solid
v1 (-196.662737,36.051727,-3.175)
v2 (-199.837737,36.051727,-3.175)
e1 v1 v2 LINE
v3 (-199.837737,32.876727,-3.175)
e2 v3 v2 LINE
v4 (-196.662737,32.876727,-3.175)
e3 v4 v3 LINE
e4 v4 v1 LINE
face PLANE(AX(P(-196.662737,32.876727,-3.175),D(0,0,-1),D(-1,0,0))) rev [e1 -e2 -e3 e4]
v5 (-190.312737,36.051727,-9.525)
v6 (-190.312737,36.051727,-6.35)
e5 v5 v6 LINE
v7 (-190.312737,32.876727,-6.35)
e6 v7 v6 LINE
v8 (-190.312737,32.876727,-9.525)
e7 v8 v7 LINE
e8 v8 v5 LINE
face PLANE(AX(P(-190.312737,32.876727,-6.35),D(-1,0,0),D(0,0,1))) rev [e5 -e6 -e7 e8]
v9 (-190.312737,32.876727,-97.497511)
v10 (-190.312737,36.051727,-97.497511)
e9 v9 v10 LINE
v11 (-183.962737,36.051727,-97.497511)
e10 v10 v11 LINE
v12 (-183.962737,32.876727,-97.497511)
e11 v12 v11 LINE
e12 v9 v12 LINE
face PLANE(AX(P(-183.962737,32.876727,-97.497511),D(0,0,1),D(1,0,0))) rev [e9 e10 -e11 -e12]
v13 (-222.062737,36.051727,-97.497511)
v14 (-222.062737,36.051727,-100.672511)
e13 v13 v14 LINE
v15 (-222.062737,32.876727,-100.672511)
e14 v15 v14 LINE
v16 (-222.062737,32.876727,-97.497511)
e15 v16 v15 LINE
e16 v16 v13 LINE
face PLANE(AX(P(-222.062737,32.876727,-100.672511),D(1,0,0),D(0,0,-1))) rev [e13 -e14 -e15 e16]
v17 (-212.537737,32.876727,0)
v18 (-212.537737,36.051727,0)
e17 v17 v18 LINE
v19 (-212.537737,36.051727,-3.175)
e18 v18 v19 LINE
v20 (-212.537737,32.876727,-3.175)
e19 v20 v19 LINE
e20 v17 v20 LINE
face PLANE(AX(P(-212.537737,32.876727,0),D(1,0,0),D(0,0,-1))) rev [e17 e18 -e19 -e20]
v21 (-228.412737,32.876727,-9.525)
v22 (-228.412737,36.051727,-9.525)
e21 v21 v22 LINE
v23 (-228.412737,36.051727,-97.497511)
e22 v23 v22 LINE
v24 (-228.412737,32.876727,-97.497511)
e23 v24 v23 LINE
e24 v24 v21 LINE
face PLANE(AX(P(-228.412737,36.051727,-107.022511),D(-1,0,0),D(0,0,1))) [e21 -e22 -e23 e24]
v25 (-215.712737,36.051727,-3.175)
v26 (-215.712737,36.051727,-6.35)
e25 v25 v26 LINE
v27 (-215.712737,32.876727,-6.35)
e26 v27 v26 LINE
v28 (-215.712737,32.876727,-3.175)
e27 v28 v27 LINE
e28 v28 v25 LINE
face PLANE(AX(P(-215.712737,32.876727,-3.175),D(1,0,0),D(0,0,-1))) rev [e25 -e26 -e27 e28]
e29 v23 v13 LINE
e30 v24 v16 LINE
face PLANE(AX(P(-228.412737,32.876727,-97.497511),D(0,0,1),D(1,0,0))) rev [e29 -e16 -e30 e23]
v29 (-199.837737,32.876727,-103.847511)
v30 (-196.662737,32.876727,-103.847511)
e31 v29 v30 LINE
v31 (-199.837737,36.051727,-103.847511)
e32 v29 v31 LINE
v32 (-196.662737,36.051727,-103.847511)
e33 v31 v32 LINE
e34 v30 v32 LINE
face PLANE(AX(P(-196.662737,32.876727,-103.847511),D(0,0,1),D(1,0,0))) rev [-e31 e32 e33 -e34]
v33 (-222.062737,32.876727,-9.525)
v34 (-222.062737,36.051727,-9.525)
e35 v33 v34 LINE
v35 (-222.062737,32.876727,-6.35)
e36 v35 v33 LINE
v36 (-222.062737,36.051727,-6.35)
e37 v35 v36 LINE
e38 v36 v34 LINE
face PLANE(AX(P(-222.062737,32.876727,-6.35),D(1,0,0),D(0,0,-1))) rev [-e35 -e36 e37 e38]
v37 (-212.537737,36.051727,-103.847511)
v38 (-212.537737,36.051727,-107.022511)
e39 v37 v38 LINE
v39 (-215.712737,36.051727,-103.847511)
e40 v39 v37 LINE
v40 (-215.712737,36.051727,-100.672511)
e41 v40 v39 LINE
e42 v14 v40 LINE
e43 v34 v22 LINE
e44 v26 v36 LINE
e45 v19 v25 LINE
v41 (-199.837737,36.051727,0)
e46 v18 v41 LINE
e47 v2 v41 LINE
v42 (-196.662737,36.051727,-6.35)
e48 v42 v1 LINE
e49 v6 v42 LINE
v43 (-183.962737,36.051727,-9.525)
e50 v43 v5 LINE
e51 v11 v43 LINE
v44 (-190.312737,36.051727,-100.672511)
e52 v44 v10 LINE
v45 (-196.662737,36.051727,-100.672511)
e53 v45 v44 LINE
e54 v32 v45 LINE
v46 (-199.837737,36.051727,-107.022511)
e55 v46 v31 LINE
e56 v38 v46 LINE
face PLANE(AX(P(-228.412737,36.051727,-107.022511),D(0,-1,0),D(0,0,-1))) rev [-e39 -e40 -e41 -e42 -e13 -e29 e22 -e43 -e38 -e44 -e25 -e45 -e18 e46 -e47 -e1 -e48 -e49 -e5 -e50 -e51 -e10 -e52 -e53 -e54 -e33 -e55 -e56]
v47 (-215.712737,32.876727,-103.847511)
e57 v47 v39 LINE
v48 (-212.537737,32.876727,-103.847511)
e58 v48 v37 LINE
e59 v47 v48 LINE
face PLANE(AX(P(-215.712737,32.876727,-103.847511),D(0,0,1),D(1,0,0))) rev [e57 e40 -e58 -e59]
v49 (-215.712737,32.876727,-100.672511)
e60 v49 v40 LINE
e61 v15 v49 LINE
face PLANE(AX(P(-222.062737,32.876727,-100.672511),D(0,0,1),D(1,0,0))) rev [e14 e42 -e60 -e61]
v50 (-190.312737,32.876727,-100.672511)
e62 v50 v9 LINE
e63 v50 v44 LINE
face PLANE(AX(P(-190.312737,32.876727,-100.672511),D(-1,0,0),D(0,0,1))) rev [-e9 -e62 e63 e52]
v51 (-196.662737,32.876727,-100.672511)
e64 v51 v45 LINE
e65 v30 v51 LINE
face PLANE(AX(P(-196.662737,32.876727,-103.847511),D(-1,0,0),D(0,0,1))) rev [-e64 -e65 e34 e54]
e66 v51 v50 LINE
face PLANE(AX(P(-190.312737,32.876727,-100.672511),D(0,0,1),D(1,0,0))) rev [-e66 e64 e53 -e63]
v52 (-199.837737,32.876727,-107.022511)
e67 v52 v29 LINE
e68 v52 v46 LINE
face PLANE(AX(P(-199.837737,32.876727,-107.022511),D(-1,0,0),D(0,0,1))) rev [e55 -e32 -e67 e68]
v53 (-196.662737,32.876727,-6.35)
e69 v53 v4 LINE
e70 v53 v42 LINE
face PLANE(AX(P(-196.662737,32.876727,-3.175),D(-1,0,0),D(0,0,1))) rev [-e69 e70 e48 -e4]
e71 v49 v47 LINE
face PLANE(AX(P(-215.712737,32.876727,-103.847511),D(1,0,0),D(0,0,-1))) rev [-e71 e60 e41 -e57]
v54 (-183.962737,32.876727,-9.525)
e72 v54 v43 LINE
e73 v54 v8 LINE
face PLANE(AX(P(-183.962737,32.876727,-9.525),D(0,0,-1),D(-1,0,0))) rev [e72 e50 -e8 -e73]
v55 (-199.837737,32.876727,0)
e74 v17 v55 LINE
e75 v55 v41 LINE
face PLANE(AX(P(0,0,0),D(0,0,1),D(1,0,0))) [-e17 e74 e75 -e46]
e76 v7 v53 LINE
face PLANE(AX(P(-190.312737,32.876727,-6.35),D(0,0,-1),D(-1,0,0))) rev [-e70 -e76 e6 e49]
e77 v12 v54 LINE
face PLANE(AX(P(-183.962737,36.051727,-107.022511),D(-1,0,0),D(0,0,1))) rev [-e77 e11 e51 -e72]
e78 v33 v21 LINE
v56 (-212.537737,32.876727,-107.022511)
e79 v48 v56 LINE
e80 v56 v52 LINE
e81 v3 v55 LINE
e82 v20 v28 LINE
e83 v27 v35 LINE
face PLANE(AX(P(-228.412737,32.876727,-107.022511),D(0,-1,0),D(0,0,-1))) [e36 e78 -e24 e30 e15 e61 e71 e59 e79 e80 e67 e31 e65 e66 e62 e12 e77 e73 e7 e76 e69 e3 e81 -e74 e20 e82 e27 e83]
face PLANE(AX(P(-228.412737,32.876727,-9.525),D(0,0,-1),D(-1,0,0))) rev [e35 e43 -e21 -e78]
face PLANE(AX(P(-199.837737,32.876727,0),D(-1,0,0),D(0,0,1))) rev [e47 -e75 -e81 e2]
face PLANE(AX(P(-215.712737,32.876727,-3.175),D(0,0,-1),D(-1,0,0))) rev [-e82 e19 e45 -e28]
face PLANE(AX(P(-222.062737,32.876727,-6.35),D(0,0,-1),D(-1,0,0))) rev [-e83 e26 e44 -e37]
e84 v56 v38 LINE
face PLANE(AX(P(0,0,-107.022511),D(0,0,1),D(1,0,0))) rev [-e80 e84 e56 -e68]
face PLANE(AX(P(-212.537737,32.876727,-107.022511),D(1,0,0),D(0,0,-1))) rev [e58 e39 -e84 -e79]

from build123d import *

# Parameters (mm, degrees)
SKETCH1_W           = 44.45
SKETCH1_H           = 3.175
BOSS_EXTRUDE1_DEPTH = 107.022511
CUT_EXTRUDE1_DEPTH  = 253.262317967


with BuildPart() as part:
    # Sketch1 → Boss-Extrude1 (new body)
    with BuildSketch(Plane.XY):
        with Locations((-206.187737343, 34.464226646)):
            Rectangle(SKETCH1_W, SKETCH1_H)
    extrude(amount=-BOSS_EXTRUDE1_DEPTH)

    # Sketch2 → Cut-Extrude1 (cut, through all)
    with BuildSketch(Plane(origin=(0, 36.051726646, 0), x_dir=(1, 0, 0), z_dir=(0, 1, 0))):
        Polygon((-228.412737343, 107.022511379), (-222.062737343, 107.022511379), (-215.712737343, 107.022511379), (-212.537737343, 107.022511379), (-212.537737343, 103.847511379), (-215.712737343, 103.847511379), (-215.712737343, 100.672511379), (-222.062737343, 100.672511379), (-222.062737343, 97.497511379), (-228.412737343, 97.497511379), align=None)
        Polygon((-183.962737343, 107.022511379), (-190.312737343, 107.022511379), (-196.662737343, 107.022511379), (-199.837737343, 107.022511379), (-199.837737343, 103.847511379), (-196.662737343, 103.847511379), (-196.662737343, 100.672511379), (-190.312737343, 100.672511379), (-190.312737343, 97.497511379), (-183.962737343, 97.497511379), align=None)
        Polygon((-228.412737343, 0), (-222.062737343, 0), (-215.712737343, 0), (-212.537737343, 0), (-212.537737343, 3.175), (-215.712737343, 3.175), (-215.712737343, 6.35), (-222.062737343, 6.35), (-222.062737343, 9.525), (-228.412737343, 9.525), align=None)
        Polygon((-183.962737343, 0), (-190.312737343, 0), (-196.662737343, 0), (-199.837737343, 0), (-199.837737343, 3.175), (-196.662737343, 3.175), (-196.662737343, 6.35), (-190.312737343, 6.35), (-190.312737343, 9.525), (-183.962737343, 9.525), align=None)
    extrude(amount=-CUT_EXTRUDE1_DEPTH, mode=Mode.SUBTRACT)


solid = part.part
